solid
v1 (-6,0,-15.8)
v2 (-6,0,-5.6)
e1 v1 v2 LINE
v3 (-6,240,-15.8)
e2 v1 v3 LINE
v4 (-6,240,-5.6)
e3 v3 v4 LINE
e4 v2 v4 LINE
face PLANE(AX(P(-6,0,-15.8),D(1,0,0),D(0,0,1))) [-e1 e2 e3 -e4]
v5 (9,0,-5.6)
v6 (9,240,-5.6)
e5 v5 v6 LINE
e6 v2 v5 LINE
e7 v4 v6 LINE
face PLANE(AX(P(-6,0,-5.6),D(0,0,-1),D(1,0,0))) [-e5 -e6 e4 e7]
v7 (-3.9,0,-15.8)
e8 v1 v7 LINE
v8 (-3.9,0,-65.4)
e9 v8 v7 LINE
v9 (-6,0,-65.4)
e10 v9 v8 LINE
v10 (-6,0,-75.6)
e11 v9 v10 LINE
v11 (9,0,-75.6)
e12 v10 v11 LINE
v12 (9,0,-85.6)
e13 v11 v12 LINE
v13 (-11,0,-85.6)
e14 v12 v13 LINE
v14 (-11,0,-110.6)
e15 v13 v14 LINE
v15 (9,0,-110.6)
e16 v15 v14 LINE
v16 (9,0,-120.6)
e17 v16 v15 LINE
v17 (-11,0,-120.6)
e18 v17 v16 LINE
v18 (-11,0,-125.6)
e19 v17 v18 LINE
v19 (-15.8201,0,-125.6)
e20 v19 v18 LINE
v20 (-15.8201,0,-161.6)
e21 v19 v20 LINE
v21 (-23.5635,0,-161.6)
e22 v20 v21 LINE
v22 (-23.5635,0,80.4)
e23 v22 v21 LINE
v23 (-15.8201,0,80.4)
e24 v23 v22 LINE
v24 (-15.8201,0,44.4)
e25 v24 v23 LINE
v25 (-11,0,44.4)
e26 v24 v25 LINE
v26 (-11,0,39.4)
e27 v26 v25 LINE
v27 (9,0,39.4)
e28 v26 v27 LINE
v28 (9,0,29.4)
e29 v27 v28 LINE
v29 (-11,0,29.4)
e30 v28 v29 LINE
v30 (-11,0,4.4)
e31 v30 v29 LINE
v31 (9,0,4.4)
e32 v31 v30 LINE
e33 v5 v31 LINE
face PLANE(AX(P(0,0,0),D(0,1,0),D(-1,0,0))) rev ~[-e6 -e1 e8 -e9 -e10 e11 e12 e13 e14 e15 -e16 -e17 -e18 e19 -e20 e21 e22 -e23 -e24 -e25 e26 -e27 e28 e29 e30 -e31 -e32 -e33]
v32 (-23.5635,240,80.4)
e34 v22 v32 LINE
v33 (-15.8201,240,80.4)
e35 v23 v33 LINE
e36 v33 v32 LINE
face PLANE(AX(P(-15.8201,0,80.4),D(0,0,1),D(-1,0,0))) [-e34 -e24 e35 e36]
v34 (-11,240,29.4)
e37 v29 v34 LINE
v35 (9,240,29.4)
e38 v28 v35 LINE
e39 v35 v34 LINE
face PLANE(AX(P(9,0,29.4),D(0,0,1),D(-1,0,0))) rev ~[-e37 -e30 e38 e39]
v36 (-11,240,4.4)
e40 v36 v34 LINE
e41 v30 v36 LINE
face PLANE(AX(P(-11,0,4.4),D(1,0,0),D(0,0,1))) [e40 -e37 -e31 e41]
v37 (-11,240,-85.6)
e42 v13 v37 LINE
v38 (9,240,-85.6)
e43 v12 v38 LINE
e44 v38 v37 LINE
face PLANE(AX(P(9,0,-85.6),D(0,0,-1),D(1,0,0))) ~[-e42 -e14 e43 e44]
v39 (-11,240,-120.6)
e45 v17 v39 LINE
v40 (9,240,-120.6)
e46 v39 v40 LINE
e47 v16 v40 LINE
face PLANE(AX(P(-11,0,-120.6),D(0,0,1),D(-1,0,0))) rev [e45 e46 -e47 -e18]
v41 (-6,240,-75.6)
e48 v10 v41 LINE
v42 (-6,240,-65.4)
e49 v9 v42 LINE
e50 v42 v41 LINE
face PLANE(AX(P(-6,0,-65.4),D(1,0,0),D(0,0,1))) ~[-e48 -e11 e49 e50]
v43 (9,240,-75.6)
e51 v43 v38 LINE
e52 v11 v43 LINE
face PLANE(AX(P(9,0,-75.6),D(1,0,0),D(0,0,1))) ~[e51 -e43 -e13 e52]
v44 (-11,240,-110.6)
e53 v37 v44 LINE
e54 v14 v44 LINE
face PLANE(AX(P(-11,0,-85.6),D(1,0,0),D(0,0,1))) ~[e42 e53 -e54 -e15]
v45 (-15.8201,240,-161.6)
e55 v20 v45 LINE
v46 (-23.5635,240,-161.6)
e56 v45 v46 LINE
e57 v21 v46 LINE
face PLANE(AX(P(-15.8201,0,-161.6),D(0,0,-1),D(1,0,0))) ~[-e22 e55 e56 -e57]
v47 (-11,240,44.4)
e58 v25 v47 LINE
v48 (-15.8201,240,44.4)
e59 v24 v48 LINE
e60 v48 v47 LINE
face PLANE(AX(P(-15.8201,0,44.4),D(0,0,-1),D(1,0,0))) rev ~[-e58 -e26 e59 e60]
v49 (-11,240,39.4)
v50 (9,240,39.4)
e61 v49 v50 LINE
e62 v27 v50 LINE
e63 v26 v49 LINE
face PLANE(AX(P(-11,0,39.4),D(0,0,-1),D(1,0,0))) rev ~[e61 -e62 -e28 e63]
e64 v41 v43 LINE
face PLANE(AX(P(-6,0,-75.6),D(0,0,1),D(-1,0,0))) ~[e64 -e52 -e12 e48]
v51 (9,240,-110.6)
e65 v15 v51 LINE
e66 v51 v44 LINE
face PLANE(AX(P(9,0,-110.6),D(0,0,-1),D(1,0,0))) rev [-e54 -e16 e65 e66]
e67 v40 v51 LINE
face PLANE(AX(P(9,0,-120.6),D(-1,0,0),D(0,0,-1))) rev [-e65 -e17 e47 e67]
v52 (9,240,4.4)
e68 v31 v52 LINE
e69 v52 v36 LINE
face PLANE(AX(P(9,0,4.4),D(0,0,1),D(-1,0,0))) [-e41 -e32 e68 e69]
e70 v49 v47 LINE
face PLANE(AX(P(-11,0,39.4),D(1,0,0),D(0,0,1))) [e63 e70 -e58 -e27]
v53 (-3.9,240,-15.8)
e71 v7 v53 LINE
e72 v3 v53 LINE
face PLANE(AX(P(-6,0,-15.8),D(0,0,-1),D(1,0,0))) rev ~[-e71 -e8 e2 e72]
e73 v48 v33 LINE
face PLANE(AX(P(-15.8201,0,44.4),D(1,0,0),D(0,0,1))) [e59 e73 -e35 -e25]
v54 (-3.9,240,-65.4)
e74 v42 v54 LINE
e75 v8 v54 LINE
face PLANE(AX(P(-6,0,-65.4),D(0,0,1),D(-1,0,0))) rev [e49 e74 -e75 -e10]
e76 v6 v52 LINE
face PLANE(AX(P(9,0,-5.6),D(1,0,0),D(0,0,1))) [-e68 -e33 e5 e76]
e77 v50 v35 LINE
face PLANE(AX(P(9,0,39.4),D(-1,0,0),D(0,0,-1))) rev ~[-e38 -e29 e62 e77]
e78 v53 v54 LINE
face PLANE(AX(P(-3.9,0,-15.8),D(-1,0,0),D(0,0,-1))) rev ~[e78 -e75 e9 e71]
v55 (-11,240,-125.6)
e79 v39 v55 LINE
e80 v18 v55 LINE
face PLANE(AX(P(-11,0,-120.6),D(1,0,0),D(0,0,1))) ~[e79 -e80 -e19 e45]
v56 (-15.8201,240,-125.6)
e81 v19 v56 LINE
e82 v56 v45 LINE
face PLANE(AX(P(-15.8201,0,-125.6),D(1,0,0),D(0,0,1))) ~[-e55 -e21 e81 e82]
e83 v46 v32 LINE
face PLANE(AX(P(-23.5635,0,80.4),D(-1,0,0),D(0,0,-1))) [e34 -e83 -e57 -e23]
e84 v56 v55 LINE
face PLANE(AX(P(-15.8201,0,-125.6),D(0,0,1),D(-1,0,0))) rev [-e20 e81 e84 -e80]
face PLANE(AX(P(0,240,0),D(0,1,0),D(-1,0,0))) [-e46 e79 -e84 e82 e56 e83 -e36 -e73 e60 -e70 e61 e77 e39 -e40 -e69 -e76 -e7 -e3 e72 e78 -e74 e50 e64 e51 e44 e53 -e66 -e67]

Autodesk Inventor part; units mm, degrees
ref_plane "YZ Plane" through (0, 0, 0) normal (1, 0, 0) x (0, 1, 0)
ref_plane "XZ Plane" through (0, 0, 0) normal (0, 1, 0) x (-1, 0, 0)
ref_plane "XY Plane" through (0, 0, 0) normal (0, 0, 1) x (1, 0, 0)
sketch "Sketch1" plane through (0, 0, 0) normal (0, 1, 0) x (-1, 0, 0)
  line L0 (15.8201, 44.4) -> (11, 44.4)
  line L1 (11, 39.4) -> (11, 39.4)
  line L2 (6, -15.8) -> (3.9, -15.8)
  line L3 (3.9, -15.8) -> (3.9, -40.6)
  line L4 (15.8201, 44.4) -> (15.8201, 80.4)
  line L5 (15.8201, 80.4) -> (23.5635, 80.4)
  line L6 (23.5635, 80.4) -> (23.5635, -40.6)
  line L7 (3.9, -40.6) -> (23.5635, -40.6)
  line L8 (6, -5.6) -> (-9, -5.6)
  line L9 (-9, -5.6) -> (-9, 4.4)
  line L10 (-9, 4.4) -> (11, 4.4)
  line L11 (11, 39.4) -> (-9, 39.4)
  line L12 (-9, 39.4) -> (-9, 29.4)
  line L13 (-9, 29.4) -> (11, 29.4)
  line L14 (6, -15.8) -> (6, -5.6)
  line L15 (11, 4.4) -> (11, 29.4)
  line L16 (11, 39.4) -> (11, 44.4)
  point P0 (0, 0)
  point P1 (6, 40.2)
  dimension "d3" = 5
  dimension "d8" = 10
  dimension "d9" = 36
  dimension "d13" = 45
  dimension "d14" = 24.8
  dimension "d15" = 10
  dimension "d17" = 5
  dimension "d18" = 2.1
  dimension "d19" = 10.2
  dimension "d21" = 35
extrude "Extrusion1" add sketch "Sketch1" along normal blind 240
mirror "Mirror1" about plane through (-3.9, 0, -40.6) normal (0, 0, -1) of "Extrusion1"
properties part number "XmotorKreplenie" material "Aluminum 6061"
